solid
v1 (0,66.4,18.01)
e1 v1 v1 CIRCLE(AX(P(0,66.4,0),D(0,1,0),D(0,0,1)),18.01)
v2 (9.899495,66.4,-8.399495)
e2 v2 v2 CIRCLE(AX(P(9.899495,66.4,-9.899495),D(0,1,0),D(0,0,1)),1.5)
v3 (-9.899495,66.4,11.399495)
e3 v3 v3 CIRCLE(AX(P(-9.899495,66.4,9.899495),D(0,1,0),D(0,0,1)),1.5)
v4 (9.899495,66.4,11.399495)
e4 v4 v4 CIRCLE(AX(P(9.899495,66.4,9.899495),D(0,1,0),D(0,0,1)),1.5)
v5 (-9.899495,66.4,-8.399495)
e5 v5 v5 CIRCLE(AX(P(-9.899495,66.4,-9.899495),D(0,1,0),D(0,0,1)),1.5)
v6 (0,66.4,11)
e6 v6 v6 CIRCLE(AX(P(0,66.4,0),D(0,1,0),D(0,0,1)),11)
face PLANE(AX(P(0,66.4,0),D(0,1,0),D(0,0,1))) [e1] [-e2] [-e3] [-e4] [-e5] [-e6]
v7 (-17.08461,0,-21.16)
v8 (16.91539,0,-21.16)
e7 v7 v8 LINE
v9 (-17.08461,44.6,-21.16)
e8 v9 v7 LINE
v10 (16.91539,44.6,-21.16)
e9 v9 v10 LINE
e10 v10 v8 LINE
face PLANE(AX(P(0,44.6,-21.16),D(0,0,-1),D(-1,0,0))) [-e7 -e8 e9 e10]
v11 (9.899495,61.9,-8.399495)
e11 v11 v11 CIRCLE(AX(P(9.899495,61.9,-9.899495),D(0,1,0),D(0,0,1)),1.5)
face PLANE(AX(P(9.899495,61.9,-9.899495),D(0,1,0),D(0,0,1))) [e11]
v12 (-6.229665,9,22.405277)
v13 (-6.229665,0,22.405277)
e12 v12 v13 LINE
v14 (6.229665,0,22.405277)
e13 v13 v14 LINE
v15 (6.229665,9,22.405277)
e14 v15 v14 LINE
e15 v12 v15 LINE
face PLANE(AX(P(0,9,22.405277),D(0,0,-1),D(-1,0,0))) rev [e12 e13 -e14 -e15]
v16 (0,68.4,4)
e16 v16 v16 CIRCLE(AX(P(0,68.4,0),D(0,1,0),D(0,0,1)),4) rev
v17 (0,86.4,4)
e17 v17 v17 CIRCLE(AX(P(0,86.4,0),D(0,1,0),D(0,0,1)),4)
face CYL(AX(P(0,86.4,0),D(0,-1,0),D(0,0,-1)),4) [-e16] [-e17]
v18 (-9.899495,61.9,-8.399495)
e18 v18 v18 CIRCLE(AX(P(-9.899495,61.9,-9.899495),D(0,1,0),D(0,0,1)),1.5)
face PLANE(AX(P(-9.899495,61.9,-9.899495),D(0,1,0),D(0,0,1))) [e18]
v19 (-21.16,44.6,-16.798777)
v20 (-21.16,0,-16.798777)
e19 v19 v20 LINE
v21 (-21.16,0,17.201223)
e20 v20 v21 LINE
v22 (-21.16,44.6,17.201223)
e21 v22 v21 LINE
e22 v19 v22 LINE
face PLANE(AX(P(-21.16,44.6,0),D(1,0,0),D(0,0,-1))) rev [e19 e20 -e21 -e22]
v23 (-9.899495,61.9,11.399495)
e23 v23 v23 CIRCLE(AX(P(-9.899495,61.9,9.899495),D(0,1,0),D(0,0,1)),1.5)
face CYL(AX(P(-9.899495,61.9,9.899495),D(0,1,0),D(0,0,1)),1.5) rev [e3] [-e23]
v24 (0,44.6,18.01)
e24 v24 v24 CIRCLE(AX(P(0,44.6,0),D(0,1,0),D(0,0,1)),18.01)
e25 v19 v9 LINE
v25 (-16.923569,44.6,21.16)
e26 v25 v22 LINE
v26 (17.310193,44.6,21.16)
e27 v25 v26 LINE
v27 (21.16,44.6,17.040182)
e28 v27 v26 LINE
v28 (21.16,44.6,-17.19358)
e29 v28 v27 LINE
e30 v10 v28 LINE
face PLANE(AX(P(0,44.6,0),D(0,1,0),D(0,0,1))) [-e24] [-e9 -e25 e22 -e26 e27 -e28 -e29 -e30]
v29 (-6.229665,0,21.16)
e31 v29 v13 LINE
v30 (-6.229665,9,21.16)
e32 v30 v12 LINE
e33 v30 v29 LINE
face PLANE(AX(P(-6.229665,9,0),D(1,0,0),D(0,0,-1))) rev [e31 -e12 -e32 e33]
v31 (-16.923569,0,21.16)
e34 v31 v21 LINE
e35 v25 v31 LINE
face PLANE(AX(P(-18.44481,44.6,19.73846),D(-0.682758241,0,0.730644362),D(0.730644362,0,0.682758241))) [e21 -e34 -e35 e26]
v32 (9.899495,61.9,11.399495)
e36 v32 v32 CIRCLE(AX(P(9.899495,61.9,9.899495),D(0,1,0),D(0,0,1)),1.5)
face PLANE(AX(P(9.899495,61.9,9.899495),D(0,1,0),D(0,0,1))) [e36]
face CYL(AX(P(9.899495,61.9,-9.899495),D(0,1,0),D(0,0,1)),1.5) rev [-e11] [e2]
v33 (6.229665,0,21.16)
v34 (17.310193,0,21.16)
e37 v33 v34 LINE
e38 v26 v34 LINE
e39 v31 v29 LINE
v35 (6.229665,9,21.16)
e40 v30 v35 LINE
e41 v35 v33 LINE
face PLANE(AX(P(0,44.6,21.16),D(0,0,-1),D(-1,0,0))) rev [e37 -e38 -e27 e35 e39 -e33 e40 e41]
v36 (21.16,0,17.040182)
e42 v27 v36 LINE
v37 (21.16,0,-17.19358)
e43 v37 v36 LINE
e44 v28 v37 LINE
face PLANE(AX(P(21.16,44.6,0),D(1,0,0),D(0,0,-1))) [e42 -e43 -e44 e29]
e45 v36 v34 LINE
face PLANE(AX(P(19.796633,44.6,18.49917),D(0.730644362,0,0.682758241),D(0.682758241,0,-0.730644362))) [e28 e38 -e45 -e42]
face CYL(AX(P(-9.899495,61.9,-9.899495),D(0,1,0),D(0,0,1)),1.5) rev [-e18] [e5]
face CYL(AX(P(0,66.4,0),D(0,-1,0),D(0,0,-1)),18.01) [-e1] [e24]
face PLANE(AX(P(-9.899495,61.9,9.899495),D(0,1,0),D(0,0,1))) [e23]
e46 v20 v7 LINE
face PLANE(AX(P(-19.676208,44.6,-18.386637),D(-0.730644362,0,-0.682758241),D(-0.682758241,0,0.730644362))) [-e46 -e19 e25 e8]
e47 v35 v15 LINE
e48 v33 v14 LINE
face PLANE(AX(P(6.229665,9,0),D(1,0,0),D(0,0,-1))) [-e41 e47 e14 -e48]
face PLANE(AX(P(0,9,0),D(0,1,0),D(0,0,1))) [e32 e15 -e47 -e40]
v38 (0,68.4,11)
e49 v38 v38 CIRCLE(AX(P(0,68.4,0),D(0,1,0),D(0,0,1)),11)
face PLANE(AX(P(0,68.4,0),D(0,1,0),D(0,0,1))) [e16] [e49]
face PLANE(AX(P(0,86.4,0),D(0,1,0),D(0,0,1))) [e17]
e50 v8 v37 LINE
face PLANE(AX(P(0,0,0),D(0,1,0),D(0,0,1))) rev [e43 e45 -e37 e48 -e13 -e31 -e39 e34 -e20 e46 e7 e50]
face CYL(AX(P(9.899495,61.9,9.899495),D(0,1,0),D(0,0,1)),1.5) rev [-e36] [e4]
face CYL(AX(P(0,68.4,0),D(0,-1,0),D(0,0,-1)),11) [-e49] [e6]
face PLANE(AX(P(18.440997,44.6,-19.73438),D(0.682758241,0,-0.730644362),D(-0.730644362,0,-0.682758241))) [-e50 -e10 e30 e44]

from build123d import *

# Parameters (mm, degrees)
SKETCH1_R           = 18.01
SKETCH1_R_2         = 11
SKETCH1_R_3         = 1.5
SKETCH1_R_4         = 4
BOSS_EXTRUDE1_DEPTH = 44.6
BOSS_EXTRUDE2_START = 44.6
SKETCH1_3_R         = 18.01
SKETCH1_3_R_2       = 11
SKETCH1_3_R_3       = 1.5
SKETCH1_3_R_4       = 4
BOSS_EXTRUDE2_DEPTH = 21.8
BOSS_EXTRUDE3_START = 66.4
SKETCH1_4_R         = 11
SKETCH1_4_R_2       = 4
BOSS_EXTRUDE3_DEPTH = 2
CUT_EXTRUDE1_START  = 66.4
SKETCH1_5_R         = 1.5
CUT_EXTRUDE1_DEPTH  = 4.5
BOSS_EXTRUDE4_START = 66.4
SKETCH1_6_R         = 4
BOSS_EXTRUDE4_DEPTH = 20
SKETCH1_7_W         = 12.459329624
SKETCH1_7_H         = 1.245276847
BOSS_EXTRUDE5_DEPTH = 9


with BuildPart() as part:
    # Sketch1 → Boss-Extrude1 (new body)
    with BuildSketch(Plane(origin=(0, 0, 0), x_dir=(1, 0, 0), z_dir=(0, 1, 0))):
        Polygon((-17.084609899, 21.16), (-21.16, 16.798777214), (-21.16, -17.201222786), (-16.923568895, -21.16), (-6.229664812, -21.16), (6.229664812, -21.16), (17.310192914, -21.16), (21.16, -17.040181782), (21.16, 17.193580027), (16.915390101, 21.16), align=None)
        Circle(SKETCH1_R, mode=Mode.SUBTRACT)
        Circle(SKETCH1_R)
        Circle(SKETCH1_R_2, mode=Mode.SUBTRACT)
        with Locations((-9.899494937, 9.899494937)):
            Circle(SKETCH1_R_3, mode=Mode.SUBTRACT)
        with Locations((-9.899494937, -9.899494937)):
            Circle(SKETCH1_R_3, mode=Mode.SUBTRACT)
        with Locations((9.899494937, -9.899494937)):
            Circle(SKETCH1_R_3, mode=Mode.SUBTRACT)
        with Locations((9.899494937, 9.899494937)):
            Circle(SKETCH1_R_3, mode=Mode.SUBTRACT)
        Circle(SKETCH1_R_2)
        Circle(SKETCH1_R_4, mode=Mode.SUBTRACT)
        with Locations((9.899494937, 9.899494937)):
            Circle(SKETCH1_R_3)
        with Locations((9.899494937, -9.899494937)):
            Circle(SKETCH1_R_3)
        with Locations((-9.899494937, -9.899494937)):
            Circle(SKETCH1_R_3)
        with Locations((-9.899494937, 9.899494937)):
            Circle(SKETCH1_R_3)
        Circle(SKETCH1_R_4)
    extrude(amount=BOSS_EXTRUDE1_DEPTH)

    # Sketch1<3> → Boss-Extrude2 (add)
    with BuildSketch(Plane(origin=(0, 0, 0), x_dir=(1, 0, 0), z_dir=(0, 1, 0)).offset(BOSS_EXTRUDE2_START)):
        Circle(SKETCH1_3_R)
        Circle(SKETCH1_3_R_2, mode=Mode.SUBTRACT)
        with Locations((-9.899494937, 9.899494937)):
            Circle(SKETCH1_3_R_3, mode=Mode.SUBTRACT)
        with Locations((-9.899494937, -9.899494937)):
            Circle(SKETCH1_3_R_3, mode=Mode.SUBTRACT)
        with Locations((9.899494937, -9.899494937)):
            Circle(SKETCH1_3_R_3, mode=Mode.SUBTRACT)
        with Locations((9.899494937, 9.899494937)):
            Circle(SKETCH1_3_R_3, mode=Mode.SUBTRACT)
        Circle(SKETCH1_3_R_2)
        Circle(SKETCH1_3_R_4, mode=Mode.SUBTRACT)
        with Locations((-9.899494937, -9.899494937)):
            Circle(SKETCH1_3_R_3)
        with Locations((9.899494937, -9.899494937)):
            Circle(SKETCH1_3_R_3)
        with Locations((9.899494937, 9.899494937)):
            Circle(SKETCH1_3_R_3)
        with Locations((-9.899494937, 9.899494937)):
            Circle(SKETCH1_3_R_3)
        Circle(SKETCH1_3_R_4)
    extrude(amount=BOSS_EXTRUDE2_DEPTH)

    # Sketch1<4> → Boss-Extrude3 (add)
    with BuildSketch(Plane(origin=(0, 0, 0), x_dir=(1, 0, 0), z_dir=(0, 1, 0)).offset(BOSS_EXTRUDE3_START)):
        Circle(SKETCH1_4_R)
        Circle(SKETCH1_4_R_2, mode=Mode.SUBTRACT)
        Circle(SKETCH1_4_R_2)
    extrude(amount=BOSS_EXTRUDE3_DEPTH)

    # Sketch1<5> → Cut-Extrude1 (cut)
    with BuildSketch(Plane(origin=(0, 0, 0), x_dir=(1, 0, 0), z_dir=(0, 1, 0)).offset(CUT_EXTRUDE1_START)):
        with Locations((9.899494937, -9.899494937)):
            Circle(SKETCH1_5_R)
        with Locations((9.899494937, 9.899494937)):
            Circle(SKETCH1_5_R)
        with Locations((-9.899494937, 9.899494937)):
            Circle(SKETCH1_5_R)
        with Locations((-9.899494937, -9.899494937)):
            Circle(SKETCH1_5_R)
    extrude(amount=-CUT_EXTRUDE1_DEPTH, mode=Mode.SUBTRACT)

    # Sketch1<6> → Boss-Extrude4 (add)
    with BuildSketch(Plane(origin=(0, 0, 0), x_dir=(1, 0, 0), z_dir=(0, 1, 0)).offset(BOSS_EXTRUDE4_START)):
        Circle(SKETCH1_6_R)
    extrude(amount=BOSS_EXTRUDE4_DEPTH)

    # Sketch1<7> → Boss-Extrude5 (add)
    with BuildSketch(Plane(origin=(0, 0, 0), x_dir=(1, 0, 0), z_dir=(0, 1, 0))):
        with Locations((0, -21.782638423)):
            Rectangle(SKETCH1_7_W, SKETCH1_7_H)
    extrude(amount=BOSS_EXTRUDE5_DEPTH)


solid = part.part
